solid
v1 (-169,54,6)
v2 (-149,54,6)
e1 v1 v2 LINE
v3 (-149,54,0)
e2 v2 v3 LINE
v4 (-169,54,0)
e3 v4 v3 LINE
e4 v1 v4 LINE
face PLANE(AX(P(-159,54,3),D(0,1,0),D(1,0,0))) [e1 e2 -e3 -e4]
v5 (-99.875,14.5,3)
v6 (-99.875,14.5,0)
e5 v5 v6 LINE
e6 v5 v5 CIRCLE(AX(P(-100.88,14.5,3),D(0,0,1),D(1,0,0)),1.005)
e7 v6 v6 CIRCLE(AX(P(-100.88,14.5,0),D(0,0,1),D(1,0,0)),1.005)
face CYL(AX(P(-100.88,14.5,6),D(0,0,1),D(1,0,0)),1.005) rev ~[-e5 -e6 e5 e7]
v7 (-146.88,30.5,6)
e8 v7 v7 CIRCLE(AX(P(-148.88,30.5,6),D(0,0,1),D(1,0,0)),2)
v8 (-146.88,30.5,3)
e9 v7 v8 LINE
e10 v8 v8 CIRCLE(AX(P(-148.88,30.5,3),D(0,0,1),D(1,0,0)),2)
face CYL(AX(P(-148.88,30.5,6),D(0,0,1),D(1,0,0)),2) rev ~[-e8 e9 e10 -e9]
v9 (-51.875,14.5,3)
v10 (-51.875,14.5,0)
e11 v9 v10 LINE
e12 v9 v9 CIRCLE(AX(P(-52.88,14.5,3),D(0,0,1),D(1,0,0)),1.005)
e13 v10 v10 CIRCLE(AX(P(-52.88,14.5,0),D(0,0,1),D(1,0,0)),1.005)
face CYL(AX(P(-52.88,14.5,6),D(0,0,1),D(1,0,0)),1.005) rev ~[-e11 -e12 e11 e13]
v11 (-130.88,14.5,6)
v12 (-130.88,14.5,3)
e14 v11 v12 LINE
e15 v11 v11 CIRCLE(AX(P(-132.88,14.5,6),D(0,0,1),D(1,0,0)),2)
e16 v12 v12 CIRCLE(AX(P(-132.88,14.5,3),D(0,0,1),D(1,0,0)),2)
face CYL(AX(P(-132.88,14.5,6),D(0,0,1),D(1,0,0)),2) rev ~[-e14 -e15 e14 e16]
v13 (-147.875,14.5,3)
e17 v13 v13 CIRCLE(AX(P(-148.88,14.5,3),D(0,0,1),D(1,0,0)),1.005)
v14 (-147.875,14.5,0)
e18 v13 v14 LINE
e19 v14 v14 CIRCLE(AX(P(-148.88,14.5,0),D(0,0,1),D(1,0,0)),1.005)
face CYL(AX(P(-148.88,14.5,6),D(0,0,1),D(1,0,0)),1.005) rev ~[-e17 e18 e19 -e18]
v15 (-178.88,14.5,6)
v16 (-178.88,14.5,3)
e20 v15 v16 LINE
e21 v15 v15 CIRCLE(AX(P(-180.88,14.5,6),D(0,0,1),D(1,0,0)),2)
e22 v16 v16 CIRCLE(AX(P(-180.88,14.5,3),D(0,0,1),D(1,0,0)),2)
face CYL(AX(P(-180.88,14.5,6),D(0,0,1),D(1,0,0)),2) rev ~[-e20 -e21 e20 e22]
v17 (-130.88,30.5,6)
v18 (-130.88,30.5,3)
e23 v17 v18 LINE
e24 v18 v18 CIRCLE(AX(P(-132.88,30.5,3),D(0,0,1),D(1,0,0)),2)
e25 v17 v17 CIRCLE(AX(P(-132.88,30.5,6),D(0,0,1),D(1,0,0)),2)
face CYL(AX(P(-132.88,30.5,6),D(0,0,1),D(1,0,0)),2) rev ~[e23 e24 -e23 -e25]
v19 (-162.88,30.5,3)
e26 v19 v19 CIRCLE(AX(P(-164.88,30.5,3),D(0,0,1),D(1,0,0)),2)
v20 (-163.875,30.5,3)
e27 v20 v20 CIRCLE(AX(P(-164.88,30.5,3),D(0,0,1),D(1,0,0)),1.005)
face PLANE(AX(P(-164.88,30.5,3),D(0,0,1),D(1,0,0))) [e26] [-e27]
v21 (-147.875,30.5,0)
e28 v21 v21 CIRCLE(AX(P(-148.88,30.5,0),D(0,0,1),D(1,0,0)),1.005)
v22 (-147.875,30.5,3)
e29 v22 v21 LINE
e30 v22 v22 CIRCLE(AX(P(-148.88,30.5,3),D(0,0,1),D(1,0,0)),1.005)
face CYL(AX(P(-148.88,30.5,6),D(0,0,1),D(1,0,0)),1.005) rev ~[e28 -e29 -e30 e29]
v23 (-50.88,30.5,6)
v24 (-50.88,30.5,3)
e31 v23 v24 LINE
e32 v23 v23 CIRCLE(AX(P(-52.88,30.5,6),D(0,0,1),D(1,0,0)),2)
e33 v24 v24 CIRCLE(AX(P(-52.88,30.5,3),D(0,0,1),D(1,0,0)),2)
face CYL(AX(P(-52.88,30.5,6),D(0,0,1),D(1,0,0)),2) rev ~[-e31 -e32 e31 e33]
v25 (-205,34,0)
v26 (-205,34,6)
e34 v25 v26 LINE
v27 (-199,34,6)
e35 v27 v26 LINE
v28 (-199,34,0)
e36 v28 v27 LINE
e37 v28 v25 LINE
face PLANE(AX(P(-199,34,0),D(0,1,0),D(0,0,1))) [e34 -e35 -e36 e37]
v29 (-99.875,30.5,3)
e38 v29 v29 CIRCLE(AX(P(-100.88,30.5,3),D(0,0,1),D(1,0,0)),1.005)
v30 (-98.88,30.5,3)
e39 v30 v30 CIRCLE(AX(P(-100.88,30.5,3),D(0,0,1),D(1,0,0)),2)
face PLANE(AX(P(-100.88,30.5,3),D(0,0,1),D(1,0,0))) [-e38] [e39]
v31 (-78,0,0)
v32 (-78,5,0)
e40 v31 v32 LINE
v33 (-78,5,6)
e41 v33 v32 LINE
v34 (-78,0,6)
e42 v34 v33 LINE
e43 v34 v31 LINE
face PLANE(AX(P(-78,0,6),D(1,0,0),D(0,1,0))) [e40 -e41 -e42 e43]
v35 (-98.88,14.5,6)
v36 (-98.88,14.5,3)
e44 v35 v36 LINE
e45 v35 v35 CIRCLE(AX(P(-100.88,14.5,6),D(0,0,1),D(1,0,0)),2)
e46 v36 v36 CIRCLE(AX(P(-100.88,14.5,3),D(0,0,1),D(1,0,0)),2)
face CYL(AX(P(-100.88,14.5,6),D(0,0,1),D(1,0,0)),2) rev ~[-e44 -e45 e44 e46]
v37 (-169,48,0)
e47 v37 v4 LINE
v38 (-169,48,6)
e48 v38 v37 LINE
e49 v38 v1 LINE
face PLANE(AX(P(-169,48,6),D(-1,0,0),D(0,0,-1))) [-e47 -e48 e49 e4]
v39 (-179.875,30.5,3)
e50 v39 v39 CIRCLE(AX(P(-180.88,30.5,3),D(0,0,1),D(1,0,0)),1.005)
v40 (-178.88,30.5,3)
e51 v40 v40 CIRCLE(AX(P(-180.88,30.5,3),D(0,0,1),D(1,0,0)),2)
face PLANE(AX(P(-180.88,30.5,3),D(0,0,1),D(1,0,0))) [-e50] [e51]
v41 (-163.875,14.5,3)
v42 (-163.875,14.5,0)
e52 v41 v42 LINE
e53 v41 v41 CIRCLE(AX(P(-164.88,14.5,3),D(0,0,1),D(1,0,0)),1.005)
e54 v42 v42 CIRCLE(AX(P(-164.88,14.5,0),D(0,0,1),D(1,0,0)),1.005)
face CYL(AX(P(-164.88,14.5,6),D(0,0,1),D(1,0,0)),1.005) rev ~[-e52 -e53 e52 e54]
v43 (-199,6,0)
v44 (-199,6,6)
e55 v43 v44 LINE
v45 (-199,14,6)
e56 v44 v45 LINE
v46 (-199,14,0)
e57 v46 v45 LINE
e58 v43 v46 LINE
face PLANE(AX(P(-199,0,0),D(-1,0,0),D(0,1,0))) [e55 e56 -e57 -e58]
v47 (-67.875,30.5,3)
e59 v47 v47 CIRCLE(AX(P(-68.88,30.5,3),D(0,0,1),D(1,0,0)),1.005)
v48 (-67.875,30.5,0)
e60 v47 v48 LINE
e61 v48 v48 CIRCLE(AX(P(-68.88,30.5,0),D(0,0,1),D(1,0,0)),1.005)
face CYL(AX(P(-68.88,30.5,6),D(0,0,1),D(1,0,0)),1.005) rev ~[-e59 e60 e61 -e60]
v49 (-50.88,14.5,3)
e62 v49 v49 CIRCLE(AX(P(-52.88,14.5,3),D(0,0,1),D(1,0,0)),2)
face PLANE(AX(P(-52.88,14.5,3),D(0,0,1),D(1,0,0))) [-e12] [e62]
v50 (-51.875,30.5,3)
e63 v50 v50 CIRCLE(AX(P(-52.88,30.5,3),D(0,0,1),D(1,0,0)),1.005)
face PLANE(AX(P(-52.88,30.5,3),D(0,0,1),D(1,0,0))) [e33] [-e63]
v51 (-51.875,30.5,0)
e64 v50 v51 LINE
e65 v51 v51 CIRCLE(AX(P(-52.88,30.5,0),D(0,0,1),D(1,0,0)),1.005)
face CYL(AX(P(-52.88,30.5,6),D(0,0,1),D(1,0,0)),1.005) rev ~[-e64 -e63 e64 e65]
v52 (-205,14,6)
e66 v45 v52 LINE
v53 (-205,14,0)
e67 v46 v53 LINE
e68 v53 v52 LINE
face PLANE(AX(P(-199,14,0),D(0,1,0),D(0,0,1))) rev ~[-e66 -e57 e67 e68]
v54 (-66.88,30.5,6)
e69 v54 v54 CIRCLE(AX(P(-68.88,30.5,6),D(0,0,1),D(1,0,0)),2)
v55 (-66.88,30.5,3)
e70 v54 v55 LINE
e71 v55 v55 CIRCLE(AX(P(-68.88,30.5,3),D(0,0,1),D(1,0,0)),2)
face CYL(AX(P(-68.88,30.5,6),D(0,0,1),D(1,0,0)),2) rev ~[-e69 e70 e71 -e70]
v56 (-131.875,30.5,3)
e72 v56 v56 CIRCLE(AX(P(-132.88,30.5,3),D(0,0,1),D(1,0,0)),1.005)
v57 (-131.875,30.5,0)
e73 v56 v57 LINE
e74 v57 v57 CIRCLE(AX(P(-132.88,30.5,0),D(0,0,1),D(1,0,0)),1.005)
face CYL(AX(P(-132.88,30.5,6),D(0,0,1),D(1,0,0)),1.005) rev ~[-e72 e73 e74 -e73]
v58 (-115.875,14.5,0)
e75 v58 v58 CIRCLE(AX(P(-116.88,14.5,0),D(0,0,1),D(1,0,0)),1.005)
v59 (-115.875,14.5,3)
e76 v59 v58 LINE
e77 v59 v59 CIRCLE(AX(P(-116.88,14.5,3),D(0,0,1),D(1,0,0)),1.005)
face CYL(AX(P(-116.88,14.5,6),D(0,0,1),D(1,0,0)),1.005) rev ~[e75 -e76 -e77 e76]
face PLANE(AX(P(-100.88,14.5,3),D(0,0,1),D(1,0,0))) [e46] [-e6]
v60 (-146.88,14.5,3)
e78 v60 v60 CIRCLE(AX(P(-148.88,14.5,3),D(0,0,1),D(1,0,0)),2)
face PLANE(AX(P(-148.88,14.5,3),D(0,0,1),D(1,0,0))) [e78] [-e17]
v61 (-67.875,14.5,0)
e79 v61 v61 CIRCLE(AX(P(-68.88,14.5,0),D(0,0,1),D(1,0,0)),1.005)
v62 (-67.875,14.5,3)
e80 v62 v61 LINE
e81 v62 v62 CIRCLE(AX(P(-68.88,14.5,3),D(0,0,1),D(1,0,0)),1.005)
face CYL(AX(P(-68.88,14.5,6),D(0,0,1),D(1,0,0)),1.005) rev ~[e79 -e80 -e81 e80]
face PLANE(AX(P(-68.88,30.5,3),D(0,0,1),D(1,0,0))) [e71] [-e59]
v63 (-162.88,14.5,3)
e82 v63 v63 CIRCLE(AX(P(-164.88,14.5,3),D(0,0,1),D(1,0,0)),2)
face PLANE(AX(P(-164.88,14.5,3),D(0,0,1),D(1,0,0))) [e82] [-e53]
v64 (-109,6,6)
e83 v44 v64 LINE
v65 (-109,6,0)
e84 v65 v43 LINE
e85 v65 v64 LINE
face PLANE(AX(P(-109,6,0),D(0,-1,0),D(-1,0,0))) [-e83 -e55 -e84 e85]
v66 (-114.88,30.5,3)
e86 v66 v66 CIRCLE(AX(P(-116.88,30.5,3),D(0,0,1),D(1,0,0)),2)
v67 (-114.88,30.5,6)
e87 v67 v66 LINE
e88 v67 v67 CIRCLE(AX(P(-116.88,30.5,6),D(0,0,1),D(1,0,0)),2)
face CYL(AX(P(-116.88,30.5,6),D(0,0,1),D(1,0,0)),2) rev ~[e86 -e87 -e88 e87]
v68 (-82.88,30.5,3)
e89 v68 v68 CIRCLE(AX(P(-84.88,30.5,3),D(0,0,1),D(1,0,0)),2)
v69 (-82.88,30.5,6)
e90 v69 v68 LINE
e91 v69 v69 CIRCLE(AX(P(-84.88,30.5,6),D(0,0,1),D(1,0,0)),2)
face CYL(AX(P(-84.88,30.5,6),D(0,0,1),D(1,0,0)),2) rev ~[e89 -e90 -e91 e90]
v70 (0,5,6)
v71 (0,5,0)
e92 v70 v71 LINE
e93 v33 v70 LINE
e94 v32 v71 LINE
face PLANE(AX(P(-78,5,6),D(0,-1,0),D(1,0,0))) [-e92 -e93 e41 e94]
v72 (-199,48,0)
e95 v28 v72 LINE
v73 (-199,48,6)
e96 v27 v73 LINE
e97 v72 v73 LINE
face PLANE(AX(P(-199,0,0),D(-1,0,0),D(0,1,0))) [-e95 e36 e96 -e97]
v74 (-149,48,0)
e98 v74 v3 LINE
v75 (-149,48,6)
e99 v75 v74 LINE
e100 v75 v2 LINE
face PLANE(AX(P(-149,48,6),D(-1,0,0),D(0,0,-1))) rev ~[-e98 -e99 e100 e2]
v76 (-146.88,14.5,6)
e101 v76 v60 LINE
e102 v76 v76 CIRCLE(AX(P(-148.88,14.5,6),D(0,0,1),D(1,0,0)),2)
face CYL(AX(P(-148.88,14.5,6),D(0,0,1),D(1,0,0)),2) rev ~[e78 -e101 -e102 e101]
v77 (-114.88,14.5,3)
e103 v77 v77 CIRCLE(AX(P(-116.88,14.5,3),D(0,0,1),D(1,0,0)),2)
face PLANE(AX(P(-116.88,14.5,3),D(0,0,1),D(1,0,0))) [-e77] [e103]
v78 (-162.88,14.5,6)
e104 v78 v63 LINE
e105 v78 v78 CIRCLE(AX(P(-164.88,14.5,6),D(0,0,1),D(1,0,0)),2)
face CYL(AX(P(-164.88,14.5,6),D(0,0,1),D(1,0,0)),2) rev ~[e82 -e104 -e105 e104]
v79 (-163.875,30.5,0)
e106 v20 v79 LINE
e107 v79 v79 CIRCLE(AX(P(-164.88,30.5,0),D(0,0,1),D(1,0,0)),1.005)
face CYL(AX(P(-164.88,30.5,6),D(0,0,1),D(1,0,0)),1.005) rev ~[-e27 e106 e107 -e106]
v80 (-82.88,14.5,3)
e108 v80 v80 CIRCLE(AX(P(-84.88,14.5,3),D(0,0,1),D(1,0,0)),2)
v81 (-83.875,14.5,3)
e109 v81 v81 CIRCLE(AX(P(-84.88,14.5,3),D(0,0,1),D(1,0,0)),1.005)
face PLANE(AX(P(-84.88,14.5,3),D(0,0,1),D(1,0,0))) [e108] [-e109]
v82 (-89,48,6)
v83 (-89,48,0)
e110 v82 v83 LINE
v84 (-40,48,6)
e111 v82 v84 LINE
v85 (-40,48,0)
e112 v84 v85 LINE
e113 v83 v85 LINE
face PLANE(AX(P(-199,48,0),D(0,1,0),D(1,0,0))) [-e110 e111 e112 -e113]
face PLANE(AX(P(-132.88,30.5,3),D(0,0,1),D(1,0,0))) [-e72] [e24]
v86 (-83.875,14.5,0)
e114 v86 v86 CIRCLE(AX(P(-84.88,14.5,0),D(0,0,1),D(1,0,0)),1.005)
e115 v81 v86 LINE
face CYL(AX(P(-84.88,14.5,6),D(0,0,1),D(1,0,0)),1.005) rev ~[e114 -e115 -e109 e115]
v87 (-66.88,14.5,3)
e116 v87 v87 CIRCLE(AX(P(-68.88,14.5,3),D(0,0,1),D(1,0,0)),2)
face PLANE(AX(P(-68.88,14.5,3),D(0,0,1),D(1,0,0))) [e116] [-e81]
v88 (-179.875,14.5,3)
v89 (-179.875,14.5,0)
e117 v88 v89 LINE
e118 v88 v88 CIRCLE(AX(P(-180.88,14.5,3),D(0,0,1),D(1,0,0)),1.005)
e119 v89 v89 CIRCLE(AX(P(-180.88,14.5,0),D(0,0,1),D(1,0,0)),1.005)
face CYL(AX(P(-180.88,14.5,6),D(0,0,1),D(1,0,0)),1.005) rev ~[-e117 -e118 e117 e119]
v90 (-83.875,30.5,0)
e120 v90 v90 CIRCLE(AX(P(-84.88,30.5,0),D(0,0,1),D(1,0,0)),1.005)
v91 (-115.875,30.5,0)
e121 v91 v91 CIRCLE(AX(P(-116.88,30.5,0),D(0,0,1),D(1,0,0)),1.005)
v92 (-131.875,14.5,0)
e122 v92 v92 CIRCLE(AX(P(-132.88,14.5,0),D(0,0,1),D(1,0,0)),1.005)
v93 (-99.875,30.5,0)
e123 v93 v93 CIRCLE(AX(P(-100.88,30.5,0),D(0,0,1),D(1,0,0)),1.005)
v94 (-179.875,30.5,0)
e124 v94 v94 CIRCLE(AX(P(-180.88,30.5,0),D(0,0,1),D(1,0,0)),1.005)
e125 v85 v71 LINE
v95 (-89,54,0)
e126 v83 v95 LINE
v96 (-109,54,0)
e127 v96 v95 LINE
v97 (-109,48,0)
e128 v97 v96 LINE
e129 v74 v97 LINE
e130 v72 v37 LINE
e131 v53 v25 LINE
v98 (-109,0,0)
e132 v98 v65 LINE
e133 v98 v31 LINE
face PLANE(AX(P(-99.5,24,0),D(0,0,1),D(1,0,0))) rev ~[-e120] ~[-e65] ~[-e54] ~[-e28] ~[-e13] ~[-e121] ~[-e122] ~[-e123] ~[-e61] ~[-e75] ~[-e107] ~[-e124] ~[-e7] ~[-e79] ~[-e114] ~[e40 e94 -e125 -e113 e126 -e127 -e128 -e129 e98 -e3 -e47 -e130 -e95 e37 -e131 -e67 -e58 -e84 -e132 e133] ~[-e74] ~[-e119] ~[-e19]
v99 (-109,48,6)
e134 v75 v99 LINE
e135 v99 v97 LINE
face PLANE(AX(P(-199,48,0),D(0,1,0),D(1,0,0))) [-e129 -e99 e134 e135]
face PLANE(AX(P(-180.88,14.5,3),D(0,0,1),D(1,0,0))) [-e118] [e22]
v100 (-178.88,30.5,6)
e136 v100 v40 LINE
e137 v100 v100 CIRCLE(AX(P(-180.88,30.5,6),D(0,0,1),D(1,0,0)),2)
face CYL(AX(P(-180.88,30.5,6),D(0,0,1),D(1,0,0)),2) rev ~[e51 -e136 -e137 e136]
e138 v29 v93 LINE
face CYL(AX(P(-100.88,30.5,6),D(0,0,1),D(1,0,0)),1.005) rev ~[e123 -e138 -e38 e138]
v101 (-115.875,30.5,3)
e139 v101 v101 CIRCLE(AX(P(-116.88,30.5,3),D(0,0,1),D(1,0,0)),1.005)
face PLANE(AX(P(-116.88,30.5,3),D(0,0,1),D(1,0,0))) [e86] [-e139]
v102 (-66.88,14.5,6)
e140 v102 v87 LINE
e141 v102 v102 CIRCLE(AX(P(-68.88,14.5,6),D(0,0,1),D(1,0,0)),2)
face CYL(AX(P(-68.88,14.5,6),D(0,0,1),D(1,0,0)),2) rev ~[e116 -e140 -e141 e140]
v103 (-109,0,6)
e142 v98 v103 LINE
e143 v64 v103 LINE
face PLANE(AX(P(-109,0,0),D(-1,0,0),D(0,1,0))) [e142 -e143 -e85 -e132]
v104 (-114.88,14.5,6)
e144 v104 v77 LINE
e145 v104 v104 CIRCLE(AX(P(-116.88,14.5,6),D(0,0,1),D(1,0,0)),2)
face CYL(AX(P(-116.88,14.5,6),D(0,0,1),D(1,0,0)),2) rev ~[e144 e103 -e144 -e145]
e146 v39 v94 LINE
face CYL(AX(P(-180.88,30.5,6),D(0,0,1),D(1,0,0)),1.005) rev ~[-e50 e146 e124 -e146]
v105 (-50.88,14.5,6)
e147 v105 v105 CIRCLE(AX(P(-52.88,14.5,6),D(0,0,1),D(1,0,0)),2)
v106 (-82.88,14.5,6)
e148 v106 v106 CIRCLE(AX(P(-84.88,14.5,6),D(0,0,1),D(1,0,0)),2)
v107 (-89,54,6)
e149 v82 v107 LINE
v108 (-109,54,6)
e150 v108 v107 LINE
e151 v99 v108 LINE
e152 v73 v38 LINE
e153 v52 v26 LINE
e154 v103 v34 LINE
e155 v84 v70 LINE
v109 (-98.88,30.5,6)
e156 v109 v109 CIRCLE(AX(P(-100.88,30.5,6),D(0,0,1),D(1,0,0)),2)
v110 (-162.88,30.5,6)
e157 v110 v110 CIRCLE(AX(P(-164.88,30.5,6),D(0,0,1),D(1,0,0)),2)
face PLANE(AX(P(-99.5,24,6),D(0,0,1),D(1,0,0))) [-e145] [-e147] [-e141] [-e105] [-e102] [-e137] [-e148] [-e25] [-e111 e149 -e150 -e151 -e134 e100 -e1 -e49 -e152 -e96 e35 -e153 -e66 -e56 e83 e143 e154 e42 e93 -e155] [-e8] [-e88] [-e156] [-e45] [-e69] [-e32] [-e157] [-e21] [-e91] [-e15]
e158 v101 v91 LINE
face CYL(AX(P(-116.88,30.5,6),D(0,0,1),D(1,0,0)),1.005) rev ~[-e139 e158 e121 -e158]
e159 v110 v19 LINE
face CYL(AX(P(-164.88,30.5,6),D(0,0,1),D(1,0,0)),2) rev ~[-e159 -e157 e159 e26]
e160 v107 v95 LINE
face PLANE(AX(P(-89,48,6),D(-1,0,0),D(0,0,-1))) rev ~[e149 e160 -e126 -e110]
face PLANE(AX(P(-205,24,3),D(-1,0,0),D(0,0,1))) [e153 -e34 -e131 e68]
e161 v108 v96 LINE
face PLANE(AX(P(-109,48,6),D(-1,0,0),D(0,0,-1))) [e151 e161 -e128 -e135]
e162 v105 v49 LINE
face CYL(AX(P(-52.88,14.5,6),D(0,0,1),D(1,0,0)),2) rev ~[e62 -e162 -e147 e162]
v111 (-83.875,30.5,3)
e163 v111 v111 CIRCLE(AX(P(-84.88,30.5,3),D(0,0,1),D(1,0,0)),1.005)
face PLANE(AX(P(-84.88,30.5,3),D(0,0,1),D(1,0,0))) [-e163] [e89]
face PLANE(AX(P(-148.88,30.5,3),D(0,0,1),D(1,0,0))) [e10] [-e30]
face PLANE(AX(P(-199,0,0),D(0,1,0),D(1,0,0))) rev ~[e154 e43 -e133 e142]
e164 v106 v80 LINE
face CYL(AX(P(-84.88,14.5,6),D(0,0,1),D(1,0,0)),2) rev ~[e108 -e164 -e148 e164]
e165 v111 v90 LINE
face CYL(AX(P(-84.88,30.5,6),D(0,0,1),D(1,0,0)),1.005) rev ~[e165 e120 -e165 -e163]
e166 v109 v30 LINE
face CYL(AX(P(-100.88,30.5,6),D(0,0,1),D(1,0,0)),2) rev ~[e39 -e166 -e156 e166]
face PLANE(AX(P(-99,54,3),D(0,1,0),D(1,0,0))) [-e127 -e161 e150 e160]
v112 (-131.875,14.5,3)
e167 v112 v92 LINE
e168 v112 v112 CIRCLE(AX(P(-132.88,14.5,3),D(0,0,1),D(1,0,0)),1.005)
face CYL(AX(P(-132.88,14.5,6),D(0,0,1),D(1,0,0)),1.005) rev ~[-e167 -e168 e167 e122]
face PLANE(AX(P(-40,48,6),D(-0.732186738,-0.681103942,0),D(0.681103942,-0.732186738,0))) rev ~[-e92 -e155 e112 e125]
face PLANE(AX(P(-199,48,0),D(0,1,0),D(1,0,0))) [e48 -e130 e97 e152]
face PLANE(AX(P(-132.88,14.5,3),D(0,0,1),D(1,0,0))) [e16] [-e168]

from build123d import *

# Parameters (mm, degrees)
ESQUISSE1_W             = 199
ESQUISSE1_H             = 48
BOSS_EXTRU_1_DEPTH      = 6
ESQUISSE2_W             = 20
ESQUISSE2_H             = 6
BOSS_EXTRU_2_DEPTH      = 6
ESQUISSE3_W             = 6
ESQUISSE3_H             = 20
BOSS_EXTRU_3_DEPTH      = 6
ESQUISSE4_W             = 78
ESQUISSE4_H             = 5
ENL_V_MAT_EXTRU_1_DEPTH = 213.077815907
ENL_V_MAT_EXTRU_2_DEPTH = 213.077815907
ESQUISSE6_R             = 1.005
ENL_V_MAT_EXTRU_3_DEPTH = 213.077815907
ESQUISSE7_R             = 2
ENL_V_MAT_EXTRU_4_DEPTH = 3
ESQUISSE8_W             = 90
ESQUISSE8_H             = 6
ENL_V_MAT_EXTRU_5_DEPTH = 213.077815907


with BuildPart() as part:
    # Esquisse1 → Boss.-Extru.1 (new body)
    with BuildSketch(Plane.XY):
        with Locations((-99.5, 24)):
            Rectangle(ESQUISSE1_W, ESQUISSE1_H)
    extrude(amount=BOSS_EXTRU_1_DEPTH)

    # Esquisse2 → Boss.-Extru.2 (add)
    with BuildSketch(Plane(origin=(0, 48, 0), x_dir=(1, 0, 0), z_dir=(0, 1, 0))):
        with Locations((-99, -3)):
            Rectangle(ESQUISSE2_W, ESQUISSE2_H)
        with Locations((-159, -3)):
            Rectangle(ESQUISSE2_W, ESQUISSE2_H)
    extrude(amount=BOSS_EXTRU_2_DEPTH)

    # Esquisse3 → Boss.-Extru.3 (add)
    with BuildSketch(Plane.ZY.offset(199)):
        with Locations((3, 24)):
            Rectangle(ESQUISSE3_W, ESQUISSE3_H)
    extrude(amount=BOSS_EXTRU_3_DEPTH)

    # Esquisse4 → Enlèv. mat.-Extru.1 (cut, through all)
    with BuildSketch(Plane.XY.offset(6)):
        with Locations((-39, 2.5)):
            Rectangle(ESQUISSE4_W, ESQUISSE4_H)
    extrude(amount=-ENL_V_MAT_EXTRU_1_DEPTH, mode=Mode.SUBTRACT)

    # Esquisse5 → Enlèv. mat.-Extru.2 (cut, through all)
    with BuildSketch(Plane.XY.offset(6)):
        Polygon((0, 48), (-40, 48), (0, 5), align=None)
    extrude(amount=-ENL_V_MAT_EXTRU_2_DEPTH, mode=Mode.SUBTRACT)

    # Esquisse6 → Enlèv. mat.-Extru.3 (cut, through all)
    with BuildSketch(Plane.XY.offset(6)):
        with Locations((-148.88, 14.5)):
            Circle(ESQUISSE6_R)
        with Locations((-148.88, 30.5)):
            Circle(ESQUISSE6_R)
        with Locations((-132.88, 14.5)):
            Circle(ESQUISSE6_R)
        with Locations((-132.88, 30.5)):
            Circle(ESQUISSE6_R)
        with Locations((-116.88, 14.5)):
            Circle(ESQUISSE6_R)
        with Locations((-116.88, 30.5)):
            Circle(ESQUISSE6_R)
        with Locations((-100.88, 14.5)):
            Circle(ESQUISSE6_R)
        with Locations((-100.88, 30.5)):
            Circle(ESQUISSE6_R)
        with Locations((-84.88, 14.5)):
            Circle(ESQUISSE6_R)
        with Locations((-84.88, 30.5)):
            Circle(ESQUISSE6_R)
        with Locations((-68.88, 14.5)):
            Circle(ESQUISSE6_R)
        with Locations((-68.88, 30.5)):
            Circle(ESQUISSE6_R)
        with Locations((-52.88, 14.5)):
            Circle(ESQUISSE6_R)
        with Locations((-52.88, 30.5)):
            Circle(ESQUISSE6_R)
        with Locations((-164.88, 14.5)):
            Circle(ESQUISSE6_R)
        with Locations((-164.88, 30.5)):
            Circle(ESQUISSE6_R)
        with Locations((-180.88, 14.5)):
            Circle(ESQUISSE6_R)
        with Locations((-180.88, 30.5)):
            Circle(ESQUISSE6_R)
    extrude(amount=-ENL_V_MAT_EXTRU_3_DEPTH, mode=Mode.SUBTRACT)

    # Esquisse7 → Enlèv. mat.-Extru.4 (cut)
    with BuildSketch(Plane.XY.offset(6)):
        with Locations((-52.88, 14.5)):
            Circle(ESQUISSE7_R)
        with Locations((-52.88, 30.5)):
            Circle(ESQUISSE7_R)
        with Locations((-68.88, 14.5)):
            Circle(ESQUISSE7_R)
        with Locations((-68.88, 30.5)):
            Circle(ESQUISSE7_R)
        with Locations((-84.88, 14.5)):
            Circle(ESQUISSE7_R)
        with Locations((-84.88, 30.5)):
            Circle(ESQUISSE7_R)
        with Locations((-100.88, 14.5)):
            Circle(ESQUISSE7_R)
        with Locations((-100.88, 30.5)):
            Circle(ESQUISSE7_R)
        with Locations((-116.88, 14.5)):
            Circle(ESQUISSE7_R)
        with Locations((-116.88, 30.5)):
            Circle(ESQUISSE7_R)
        with Locations((-132.88, 14.5)):
            Circle(ESQUISSE7_R)
        with Locations((-132.88, 30.5)):
            Circle(ESQUISSE7_R)
        with Locations((-148.88, 14.5)):
            Circle(ESQUISSE7_R)
        with Locations((-148.88, 30.5)):
            Circle(ESQUISSE7_R)
        with Locations((-164.88, 14.5)):
            Circle(ESQUISSE7_R)
        with Locations((-164.88, 30.5)):
            Circle(ESQUISSE7_R)
        with Locations((-180.88, 14.5)):
            Circle(ESQUISSE7_R)
        with Locations((-180.88, 30.5)):
            Circle(ESQUISSE7_R)
    extrude(amount=-ENL_V_MAT_EXTRU_4_DEPTH, mode=Mode.SUBTRACT)

    # Esquisse8 → Enlèv. mat.-Extru.5 (cut, through all)
    with BuildSketch(Plane(origin=(0, 0, 0), x_dir=(-1, 0, 0), z_dir=(0, 0, -1))):
        with Locations((154, 3)):
            Rectangle(ESQUISSE8_W, ESQUISSE8_H)
    extrude(amount=-ENL_V_MAT_EXTRU_5_DEPTH, mode=Mode.SUBTRACT)


solid = part.part
